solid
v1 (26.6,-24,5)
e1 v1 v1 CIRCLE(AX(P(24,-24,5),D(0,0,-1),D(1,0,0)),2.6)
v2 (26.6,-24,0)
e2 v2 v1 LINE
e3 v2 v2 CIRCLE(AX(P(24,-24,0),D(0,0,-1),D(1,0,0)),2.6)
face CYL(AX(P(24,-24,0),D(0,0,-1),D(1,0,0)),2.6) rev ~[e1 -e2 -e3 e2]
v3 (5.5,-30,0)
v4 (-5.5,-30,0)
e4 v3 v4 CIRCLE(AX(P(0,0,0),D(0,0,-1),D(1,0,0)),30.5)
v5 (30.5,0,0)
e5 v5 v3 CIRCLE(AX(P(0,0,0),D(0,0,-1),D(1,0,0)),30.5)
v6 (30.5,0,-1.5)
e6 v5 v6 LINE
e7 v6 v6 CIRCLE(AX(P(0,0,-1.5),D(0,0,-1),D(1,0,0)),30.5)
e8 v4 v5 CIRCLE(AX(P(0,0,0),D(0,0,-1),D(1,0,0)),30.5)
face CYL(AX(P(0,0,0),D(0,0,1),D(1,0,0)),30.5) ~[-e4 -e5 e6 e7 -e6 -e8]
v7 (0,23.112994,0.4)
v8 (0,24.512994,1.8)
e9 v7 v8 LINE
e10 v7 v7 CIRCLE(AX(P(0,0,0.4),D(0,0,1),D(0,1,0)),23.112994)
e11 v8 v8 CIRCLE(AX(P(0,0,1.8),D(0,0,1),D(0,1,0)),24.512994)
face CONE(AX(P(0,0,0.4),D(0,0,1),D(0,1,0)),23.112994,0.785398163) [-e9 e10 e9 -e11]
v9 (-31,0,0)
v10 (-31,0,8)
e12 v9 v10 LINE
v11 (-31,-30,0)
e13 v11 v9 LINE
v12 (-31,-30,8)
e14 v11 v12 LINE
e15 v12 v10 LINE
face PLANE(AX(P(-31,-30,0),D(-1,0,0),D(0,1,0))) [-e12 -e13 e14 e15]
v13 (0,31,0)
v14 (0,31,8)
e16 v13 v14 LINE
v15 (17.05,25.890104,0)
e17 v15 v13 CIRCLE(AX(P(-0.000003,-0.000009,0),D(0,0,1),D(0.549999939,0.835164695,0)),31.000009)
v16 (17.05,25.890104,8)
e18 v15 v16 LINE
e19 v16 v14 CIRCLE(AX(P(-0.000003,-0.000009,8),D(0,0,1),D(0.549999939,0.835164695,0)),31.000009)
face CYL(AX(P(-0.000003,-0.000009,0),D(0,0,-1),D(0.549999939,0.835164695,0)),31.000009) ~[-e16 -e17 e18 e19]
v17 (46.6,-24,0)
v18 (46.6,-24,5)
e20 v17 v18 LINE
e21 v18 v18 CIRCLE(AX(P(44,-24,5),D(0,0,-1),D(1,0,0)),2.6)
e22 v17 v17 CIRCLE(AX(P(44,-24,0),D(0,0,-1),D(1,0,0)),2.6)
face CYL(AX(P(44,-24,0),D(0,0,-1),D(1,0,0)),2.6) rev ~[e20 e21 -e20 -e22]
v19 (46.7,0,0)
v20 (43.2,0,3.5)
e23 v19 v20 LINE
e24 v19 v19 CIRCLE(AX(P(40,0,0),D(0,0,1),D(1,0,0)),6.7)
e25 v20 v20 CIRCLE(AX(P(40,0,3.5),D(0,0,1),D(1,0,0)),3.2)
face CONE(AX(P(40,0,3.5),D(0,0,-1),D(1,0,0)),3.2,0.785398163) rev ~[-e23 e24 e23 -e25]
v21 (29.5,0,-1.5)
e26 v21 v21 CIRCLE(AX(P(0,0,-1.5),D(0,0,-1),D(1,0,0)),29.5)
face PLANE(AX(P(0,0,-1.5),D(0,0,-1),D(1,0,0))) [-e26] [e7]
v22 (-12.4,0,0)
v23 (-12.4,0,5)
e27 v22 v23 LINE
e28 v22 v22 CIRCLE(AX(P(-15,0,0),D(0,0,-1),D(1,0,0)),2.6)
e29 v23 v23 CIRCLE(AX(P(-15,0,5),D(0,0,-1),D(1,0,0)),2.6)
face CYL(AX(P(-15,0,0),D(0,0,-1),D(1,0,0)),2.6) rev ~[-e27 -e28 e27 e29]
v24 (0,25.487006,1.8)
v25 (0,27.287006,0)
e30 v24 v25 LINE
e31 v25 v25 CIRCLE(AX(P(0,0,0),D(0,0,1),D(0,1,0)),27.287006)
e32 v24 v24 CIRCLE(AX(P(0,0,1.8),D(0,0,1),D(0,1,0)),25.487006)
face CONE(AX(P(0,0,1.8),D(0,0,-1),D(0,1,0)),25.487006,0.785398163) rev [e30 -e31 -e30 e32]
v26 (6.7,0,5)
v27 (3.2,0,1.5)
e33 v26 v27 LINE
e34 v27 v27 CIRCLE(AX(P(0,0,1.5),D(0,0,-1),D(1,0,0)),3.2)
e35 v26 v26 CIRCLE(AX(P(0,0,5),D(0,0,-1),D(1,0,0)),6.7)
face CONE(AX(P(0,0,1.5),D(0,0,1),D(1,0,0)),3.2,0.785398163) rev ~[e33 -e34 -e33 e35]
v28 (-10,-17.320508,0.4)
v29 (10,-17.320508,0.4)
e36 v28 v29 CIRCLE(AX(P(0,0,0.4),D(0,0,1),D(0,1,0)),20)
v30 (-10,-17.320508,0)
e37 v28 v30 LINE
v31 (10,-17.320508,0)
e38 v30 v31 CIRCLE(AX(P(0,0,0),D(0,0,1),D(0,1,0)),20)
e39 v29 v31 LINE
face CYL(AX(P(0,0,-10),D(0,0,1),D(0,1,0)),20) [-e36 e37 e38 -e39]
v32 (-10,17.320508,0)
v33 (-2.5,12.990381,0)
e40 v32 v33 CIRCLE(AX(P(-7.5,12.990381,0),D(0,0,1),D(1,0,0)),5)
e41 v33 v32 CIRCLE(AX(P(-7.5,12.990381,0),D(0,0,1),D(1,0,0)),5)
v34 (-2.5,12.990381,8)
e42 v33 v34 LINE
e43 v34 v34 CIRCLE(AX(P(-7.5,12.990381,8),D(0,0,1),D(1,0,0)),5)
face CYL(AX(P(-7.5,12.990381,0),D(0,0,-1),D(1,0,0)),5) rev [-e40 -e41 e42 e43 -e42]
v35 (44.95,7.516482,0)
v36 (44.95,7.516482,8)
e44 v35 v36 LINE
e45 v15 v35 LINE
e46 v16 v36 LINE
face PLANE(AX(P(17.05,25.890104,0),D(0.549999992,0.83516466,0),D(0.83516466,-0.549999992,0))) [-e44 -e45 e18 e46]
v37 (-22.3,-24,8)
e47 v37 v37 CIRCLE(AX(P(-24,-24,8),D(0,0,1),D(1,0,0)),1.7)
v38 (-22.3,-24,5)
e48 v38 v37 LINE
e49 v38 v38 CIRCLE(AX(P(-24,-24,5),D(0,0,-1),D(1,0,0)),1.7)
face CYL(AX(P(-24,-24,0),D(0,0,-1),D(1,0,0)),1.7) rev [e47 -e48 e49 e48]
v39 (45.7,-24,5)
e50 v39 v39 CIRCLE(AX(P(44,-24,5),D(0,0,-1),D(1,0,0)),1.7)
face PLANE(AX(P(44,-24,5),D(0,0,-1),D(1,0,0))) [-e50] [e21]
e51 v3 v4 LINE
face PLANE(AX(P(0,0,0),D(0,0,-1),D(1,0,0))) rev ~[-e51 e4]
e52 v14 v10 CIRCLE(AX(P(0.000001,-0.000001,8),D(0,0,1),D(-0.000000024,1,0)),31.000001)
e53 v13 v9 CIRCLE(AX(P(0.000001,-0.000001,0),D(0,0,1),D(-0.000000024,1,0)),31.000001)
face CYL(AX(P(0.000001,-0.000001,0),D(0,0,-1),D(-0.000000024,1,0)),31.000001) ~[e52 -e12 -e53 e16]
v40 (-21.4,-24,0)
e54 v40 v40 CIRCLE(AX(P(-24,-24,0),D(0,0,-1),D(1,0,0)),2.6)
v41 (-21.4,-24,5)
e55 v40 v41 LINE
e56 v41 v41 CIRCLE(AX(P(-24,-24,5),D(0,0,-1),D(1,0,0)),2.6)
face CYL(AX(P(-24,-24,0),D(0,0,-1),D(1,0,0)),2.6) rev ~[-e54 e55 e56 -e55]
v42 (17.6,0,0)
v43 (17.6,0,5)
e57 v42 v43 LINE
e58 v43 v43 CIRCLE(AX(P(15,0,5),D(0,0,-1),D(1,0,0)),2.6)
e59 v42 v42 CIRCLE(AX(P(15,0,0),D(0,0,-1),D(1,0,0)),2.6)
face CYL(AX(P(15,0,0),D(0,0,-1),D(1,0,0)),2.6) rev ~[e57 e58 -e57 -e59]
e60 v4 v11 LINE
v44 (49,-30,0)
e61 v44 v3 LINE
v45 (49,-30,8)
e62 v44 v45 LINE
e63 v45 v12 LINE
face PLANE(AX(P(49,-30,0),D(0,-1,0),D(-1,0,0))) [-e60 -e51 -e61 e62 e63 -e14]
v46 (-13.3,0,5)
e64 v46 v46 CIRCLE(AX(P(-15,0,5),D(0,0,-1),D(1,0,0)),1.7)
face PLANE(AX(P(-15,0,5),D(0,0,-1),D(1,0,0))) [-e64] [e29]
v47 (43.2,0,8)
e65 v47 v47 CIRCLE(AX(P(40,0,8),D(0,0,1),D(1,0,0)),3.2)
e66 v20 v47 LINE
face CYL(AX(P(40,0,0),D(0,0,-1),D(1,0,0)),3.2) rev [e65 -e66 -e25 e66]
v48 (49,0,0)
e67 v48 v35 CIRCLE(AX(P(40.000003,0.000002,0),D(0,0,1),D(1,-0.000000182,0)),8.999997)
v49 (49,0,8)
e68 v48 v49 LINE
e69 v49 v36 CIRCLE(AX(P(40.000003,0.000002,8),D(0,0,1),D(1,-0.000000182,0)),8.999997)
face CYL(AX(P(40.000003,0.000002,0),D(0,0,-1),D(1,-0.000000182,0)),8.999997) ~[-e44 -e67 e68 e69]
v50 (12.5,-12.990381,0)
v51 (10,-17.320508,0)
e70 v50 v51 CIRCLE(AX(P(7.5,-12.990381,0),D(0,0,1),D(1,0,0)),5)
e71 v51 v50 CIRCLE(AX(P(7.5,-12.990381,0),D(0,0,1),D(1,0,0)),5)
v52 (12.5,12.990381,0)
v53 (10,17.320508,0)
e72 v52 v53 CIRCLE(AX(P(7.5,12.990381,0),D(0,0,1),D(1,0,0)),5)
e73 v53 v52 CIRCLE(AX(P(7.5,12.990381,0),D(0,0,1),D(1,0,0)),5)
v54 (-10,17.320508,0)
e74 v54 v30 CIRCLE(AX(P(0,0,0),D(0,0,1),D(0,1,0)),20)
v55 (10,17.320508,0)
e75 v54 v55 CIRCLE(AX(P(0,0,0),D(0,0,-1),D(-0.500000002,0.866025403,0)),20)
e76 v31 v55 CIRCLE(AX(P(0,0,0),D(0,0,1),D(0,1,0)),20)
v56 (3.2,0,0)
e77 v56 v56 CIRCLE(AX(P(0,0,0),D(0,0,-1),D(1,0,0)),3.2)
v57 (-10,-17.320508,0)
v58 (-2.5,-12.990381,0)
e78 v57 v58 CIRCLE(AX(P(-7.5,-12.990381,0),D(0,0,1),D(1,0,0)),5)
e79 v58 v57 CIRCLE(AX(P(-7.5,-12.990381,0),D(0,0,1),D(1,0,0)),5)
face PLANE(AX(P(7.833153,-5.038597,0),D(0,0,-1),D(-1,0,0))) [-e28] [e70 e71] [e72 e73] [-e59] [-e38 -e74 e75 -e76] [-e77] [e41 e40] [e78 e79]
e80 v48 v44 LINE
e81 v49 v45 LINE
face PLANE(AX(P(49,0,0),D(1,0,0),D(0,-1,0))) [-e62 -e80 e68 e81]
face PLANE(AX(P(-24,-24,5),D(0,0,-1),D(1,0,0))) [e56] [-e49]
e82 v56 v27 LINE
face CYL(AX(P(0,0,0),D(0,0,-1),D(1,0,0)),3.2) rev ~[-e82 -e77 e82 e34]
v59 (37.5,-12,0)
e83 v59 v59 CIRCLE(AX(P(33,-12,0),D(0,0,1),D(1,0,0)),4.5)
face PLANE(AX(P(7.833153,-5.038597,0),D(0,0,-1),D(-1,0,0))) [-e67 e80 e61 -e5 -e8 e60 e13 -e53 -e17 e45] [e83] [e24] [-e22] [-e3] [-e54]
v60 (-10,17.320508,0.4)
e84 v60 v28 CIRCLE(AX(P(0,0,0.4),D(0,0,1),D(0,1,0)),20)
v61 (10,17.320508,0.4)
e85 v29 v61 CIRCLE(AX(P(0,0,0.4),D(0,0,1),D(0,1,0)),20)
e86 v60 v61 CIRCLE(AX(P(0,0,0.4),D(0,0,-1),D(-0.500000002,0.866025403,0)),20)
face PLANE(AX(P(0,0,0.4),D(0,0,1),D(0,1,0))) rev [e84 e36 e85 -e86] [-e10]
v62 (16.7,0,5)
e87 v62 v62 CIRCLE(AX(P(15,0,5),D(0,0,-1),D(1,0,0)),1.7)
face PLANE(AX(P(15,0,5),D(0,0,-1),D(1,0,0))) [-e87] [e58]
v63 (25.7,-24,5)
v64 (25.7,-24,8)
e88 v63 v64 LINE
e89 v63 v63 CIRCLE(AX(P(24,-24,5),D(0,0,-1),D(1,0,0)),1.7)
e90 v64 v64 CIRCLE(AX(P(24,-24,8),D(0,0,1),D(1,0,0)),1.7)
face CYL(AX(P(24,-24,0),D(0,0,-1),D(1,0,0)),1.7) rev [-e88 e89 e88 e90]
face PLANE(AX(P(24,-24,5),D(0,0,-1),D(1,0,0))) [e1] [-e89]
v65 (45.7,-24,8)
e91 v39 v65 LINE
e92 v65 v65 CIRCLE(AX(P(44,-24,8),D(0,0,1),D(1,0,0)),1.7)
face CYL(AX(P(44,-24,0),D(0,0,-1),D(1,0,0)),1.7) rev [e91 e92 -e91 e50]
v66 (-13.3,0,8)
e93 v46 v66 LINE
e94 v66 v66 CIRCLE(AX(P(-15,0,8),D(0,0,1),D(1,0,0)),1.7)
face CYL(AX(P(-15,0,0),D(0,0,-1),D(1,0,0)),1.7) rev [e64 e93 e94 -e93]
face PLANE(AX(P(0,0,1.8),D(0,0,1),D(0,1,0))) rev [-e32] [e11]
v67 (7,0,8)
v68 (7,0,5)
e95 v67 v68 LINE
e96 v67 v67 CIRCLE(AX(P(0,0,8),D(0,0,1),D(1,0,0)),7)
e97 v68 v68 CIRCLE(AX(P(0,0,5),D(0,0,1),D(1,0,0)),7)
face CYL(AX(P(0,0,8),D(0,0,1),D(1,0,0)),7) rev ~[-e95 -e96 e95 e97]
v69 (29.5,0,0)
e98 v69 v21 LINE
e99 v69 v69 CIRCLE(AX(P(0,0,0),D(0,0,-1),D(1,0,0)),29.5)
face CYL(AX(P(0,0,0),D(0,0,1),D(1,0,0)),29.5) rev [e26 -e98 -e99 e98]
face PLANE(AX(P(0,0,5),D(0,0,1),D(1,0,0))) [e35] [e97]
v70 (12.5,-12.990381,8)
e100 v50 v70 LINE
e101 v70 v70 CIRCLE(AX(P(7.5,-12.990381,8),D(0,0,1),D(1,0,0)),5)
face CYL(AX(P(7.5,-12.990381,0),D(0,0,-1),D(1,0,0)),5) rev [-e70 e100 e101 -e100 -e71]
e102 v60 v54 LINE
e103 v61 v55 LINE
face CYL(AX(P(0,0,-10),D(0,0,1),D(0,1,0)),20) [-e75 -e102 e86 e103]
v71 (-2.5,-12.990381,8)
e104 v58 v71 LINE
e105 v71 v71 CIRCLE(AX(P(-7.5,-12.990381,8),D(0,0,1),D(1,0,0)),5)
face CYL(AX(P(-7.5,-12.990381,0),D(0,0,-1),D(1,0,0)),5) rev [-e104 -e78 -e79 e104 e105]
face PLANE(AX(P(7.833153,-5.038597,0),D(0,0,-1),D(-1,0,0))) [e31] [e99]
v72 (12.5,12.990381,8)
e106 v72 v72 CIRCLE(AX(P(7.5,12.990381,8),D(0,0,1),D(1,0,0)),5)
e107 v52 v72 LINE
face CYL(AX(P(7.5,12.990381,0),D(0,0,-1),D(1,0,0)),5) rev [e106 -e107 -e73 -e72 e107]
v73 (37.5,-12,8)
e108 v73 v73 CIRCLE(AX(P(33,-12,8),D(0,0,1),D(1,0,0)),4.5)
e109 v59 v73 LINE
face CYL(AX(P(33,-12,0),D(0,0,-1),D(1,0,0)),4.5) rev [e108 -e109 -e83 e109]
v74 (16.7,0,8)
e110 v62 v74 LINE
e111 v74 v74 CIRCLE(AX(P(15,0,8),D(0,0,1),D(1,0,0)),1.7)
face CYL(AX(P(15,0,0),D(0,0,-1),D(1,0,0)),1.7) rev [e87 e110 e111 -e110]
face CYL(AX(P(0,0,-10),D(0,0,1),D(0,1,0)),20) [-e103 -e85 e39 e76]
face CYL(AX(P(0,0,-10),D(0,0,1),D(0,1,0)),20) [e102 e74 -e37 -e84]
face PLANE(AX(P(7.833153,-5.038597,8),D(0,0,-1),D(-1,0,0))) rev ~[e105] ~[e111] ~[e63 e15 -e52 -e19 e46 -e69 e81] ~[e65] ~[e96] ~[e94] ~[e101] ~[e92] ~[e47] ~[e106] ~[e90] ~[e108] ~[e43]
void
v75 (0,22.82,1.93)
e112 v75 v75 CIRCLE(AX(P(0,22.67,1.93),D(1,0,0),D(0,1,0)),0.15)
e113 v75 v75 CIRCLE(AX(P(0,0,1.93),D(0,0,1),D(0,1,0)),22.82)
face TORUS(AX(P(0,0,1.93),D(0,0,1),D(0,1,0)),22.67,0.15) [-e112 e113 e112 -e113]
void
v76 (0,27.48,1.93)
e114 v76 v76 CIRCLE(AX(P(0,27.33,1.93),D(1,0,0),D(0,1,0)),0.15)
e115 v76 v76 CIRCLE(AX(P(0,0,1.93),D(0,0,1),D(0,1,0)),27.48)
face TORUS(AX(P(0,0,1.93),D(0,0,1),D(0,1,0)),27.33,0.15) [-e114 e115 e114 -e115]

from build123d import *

# Parameters (mm, degrees)
SKETCH_R             = 3.2
SKETCH_R_2           = 1.7
SKETCH_R_3           = 4.5
SKETCH_R_4           = 5
SKETCH_W             = 1.5
SKETCH_H             = 4
PAD_DEPTH            = 8
SKETCH027_R          = 0.15
SKETCH028_R          = 0.15
SKETCH003_R          = 3.2
POCKET001_DEPTH      = 8.001
POCKET001_DEPTH_BACK = 0.001
SKETCH004_R          = 7
POCKET_DEPTH         = 3
SKETCH029_R          = 2.6
POCKET002_DEPTH      = 5
SKETCH030_R          = 30.5
SKETCH030_R_2        = 29.5
PAD001_DEPTH         = 1.5
CHAMFER_SIZE         = 3.5
CHAMFER001_SIZE      = 3.5


with BuildPart() as part:
    # Sketch → Pad (new body)
    with BuildSketch(Plane.XY):
        with BuildLine():
            Line((49, -30), (-31, -30))
            Line((-31, -30), (-31, 0))
            ThreePointArc((0, 31), (-21.92031, 21.92031), (-31, 0))
            ThreePointArc((17.05, 25.890104), (8.899628, 29.69506), (0, 31))
            Line((17.05, 25.890104), (44.95, 7.516482))
            ThreePointArc((49, 0), (47.923068, 4.269075), (44.95, 7.516482))
            Line((49, 0), (49, -30))
        make_face()
        with Locations((40, 0)):
            Circle(SKETCH_R, mode=Mode.SUBTRACT)
        with Locations((-24, -24)):
            Circle(SKETCH_R_2, mode=Mode.SUBTRACT)
        with Locations((24, -24)):
            Circle(SKETCH_R_2, mode=Mode.SUBTRACT)
        with Locations((-15, 0)):
            Circle(SKETCH_R_2, mode=Mode.SUBTRACT)
        with Locations((15, 0)):
            Circle(SKETCH_R_2, mode=Mode.SUBTRACT)
        with Locations((44, -24)):
            Circle(SKETCH_R_2, mode=Mode.SUBTRACT)
        with Locations((33, -12)):
            Circle(SKETCH_R_3, mode=Mode.SUBTRACT)
        with Locations((-7.5, 12.990381)):
            Circle(SKETCH_R_4, mode=Mode.SUBTRACT)
        with Locations((7.5, 12.990381)):
            Circle(SKETCH_R_4, mode=Mode.SUBTRACT)
        with Locations((-7.5, -12.990381)):
            Circle(SKETCH_R_4, mode=Mode.SUBTRACT)
        with Locations((7.5, -12.990381)):
            Circle(SKETCH_R_4, mode=Mode.SUBTRACT)
        with Locations((0.75, 0)):
            Rectangle(SKETCH_W, SKETCH_H, mode=Mode.SUBTRACT)
    extrude(amount=PAD_DEPTH)

    # Sketch002 → Groove (revolve, cut)
    with BuildSketch(Plane.YZ):
        Polygon((23.112994, 0.4), (24.512994, 1.8), (25.487006, 1.8), (27.287006, 0), (27.287006, -10), (20, -10), (20, 0.4), align=None)
    revolve(axis=Axis((0, 0, 0), (0, 0, 1)), mode=Mode.SUBTRACT)

    # Sketch027 → Groove001 (revolve, cut)
    with BuildSketch(Plane.YZ):
        with Locations((22.67, 1.93)):
            Circle(SKETCH027_R)
    revolve(axis=Axis((0, 0, 0), (0, 0, 1)), mode=Mode.SUBTRACT)

    # Sketch028 → Groove002 (revolve, cut)
    with BuildSketch(Plane.YZ):
        with Locations((27.33, 1.93)):
            Circle(SKETCH028_R)
    revolve(axis=Axis((0, 0, 0), (0, 0, 1)), mode=Mode.SUBTRACT)

    # Sketch003 → Pocket001 (cut, two sides)
    with BuildSketch(Plane(origin=(0, 0, 0), x_dir=(1, 0, 0), z_dir=(0, 0, -1))) as pocket001_sk:
        Circle(SKETCH003_R)
    extrude(amount=-POCKET001_DEPTH, mode=Mode.SUBTRACT)
    extrude(pocket001_sk.sketch, amount=POCKET001_DEPTH_BACK, mode=Mode.SUBTRACT)

    # Sketch004 → Pocket (cut)
    with BuildSketch(Plane.XY.offset(8)):
        Circle(SKETCH004_R)
    extrude(amount=-POCKET_DEPTH, mode=Mode.SUBTRACT)

    # Sketch029 → Pocket002 (cut)
    with BuildSketch(Plane(origin=(0, 0, 0), x_dir=(1, 0, 0), z_dir=(0, 0, -1))):
        with Locations((-24, 24)):
            Circle(SKETCH029_R)
        with Locations((24, 24)):
            Circle(SKETCH029_R)
        with Locations((44, 24)):
            Circle(SKETCH029_R)
        with Locations((-15, 0)):
            Circle(SKETCH029_R)
        with Locations((15, 0)):
            Circle(SKETCH029_R)
    extrude(amount=-POCKET002_DEPTH, mode=Mode.SUBTRACT)

    # Sketch030 → Pad001 (new body)
    with BuildSketch(Plane(origin=(0, 0, 0), x_dir=(1, 0, 0), z_dir=(0, 0, -1))):
        Circle(SKETCH030_R)
        Circle(SKETCH030_R_2, mode=Mode.SUBTRACT)
    extrude(amount=PAD001_DEPTH)

    # Chamfer
    chamfer_edges = [part.edges().sort_by_distance(p)[0] for p in [
        (36.8, 0, 0),
    ]]
    chamfer(chamfer_edges, length=CHAMFER_SIZE)

    # Chamfer001
    chamfer001_edges = [part.edges().sort_by_distance(p)[0] for p in [
        (-3.2, 0, 5),
    ]]
    chamfer(chamfer001_edges, length=CHAMFER001_SIZE)


solid = part.part
